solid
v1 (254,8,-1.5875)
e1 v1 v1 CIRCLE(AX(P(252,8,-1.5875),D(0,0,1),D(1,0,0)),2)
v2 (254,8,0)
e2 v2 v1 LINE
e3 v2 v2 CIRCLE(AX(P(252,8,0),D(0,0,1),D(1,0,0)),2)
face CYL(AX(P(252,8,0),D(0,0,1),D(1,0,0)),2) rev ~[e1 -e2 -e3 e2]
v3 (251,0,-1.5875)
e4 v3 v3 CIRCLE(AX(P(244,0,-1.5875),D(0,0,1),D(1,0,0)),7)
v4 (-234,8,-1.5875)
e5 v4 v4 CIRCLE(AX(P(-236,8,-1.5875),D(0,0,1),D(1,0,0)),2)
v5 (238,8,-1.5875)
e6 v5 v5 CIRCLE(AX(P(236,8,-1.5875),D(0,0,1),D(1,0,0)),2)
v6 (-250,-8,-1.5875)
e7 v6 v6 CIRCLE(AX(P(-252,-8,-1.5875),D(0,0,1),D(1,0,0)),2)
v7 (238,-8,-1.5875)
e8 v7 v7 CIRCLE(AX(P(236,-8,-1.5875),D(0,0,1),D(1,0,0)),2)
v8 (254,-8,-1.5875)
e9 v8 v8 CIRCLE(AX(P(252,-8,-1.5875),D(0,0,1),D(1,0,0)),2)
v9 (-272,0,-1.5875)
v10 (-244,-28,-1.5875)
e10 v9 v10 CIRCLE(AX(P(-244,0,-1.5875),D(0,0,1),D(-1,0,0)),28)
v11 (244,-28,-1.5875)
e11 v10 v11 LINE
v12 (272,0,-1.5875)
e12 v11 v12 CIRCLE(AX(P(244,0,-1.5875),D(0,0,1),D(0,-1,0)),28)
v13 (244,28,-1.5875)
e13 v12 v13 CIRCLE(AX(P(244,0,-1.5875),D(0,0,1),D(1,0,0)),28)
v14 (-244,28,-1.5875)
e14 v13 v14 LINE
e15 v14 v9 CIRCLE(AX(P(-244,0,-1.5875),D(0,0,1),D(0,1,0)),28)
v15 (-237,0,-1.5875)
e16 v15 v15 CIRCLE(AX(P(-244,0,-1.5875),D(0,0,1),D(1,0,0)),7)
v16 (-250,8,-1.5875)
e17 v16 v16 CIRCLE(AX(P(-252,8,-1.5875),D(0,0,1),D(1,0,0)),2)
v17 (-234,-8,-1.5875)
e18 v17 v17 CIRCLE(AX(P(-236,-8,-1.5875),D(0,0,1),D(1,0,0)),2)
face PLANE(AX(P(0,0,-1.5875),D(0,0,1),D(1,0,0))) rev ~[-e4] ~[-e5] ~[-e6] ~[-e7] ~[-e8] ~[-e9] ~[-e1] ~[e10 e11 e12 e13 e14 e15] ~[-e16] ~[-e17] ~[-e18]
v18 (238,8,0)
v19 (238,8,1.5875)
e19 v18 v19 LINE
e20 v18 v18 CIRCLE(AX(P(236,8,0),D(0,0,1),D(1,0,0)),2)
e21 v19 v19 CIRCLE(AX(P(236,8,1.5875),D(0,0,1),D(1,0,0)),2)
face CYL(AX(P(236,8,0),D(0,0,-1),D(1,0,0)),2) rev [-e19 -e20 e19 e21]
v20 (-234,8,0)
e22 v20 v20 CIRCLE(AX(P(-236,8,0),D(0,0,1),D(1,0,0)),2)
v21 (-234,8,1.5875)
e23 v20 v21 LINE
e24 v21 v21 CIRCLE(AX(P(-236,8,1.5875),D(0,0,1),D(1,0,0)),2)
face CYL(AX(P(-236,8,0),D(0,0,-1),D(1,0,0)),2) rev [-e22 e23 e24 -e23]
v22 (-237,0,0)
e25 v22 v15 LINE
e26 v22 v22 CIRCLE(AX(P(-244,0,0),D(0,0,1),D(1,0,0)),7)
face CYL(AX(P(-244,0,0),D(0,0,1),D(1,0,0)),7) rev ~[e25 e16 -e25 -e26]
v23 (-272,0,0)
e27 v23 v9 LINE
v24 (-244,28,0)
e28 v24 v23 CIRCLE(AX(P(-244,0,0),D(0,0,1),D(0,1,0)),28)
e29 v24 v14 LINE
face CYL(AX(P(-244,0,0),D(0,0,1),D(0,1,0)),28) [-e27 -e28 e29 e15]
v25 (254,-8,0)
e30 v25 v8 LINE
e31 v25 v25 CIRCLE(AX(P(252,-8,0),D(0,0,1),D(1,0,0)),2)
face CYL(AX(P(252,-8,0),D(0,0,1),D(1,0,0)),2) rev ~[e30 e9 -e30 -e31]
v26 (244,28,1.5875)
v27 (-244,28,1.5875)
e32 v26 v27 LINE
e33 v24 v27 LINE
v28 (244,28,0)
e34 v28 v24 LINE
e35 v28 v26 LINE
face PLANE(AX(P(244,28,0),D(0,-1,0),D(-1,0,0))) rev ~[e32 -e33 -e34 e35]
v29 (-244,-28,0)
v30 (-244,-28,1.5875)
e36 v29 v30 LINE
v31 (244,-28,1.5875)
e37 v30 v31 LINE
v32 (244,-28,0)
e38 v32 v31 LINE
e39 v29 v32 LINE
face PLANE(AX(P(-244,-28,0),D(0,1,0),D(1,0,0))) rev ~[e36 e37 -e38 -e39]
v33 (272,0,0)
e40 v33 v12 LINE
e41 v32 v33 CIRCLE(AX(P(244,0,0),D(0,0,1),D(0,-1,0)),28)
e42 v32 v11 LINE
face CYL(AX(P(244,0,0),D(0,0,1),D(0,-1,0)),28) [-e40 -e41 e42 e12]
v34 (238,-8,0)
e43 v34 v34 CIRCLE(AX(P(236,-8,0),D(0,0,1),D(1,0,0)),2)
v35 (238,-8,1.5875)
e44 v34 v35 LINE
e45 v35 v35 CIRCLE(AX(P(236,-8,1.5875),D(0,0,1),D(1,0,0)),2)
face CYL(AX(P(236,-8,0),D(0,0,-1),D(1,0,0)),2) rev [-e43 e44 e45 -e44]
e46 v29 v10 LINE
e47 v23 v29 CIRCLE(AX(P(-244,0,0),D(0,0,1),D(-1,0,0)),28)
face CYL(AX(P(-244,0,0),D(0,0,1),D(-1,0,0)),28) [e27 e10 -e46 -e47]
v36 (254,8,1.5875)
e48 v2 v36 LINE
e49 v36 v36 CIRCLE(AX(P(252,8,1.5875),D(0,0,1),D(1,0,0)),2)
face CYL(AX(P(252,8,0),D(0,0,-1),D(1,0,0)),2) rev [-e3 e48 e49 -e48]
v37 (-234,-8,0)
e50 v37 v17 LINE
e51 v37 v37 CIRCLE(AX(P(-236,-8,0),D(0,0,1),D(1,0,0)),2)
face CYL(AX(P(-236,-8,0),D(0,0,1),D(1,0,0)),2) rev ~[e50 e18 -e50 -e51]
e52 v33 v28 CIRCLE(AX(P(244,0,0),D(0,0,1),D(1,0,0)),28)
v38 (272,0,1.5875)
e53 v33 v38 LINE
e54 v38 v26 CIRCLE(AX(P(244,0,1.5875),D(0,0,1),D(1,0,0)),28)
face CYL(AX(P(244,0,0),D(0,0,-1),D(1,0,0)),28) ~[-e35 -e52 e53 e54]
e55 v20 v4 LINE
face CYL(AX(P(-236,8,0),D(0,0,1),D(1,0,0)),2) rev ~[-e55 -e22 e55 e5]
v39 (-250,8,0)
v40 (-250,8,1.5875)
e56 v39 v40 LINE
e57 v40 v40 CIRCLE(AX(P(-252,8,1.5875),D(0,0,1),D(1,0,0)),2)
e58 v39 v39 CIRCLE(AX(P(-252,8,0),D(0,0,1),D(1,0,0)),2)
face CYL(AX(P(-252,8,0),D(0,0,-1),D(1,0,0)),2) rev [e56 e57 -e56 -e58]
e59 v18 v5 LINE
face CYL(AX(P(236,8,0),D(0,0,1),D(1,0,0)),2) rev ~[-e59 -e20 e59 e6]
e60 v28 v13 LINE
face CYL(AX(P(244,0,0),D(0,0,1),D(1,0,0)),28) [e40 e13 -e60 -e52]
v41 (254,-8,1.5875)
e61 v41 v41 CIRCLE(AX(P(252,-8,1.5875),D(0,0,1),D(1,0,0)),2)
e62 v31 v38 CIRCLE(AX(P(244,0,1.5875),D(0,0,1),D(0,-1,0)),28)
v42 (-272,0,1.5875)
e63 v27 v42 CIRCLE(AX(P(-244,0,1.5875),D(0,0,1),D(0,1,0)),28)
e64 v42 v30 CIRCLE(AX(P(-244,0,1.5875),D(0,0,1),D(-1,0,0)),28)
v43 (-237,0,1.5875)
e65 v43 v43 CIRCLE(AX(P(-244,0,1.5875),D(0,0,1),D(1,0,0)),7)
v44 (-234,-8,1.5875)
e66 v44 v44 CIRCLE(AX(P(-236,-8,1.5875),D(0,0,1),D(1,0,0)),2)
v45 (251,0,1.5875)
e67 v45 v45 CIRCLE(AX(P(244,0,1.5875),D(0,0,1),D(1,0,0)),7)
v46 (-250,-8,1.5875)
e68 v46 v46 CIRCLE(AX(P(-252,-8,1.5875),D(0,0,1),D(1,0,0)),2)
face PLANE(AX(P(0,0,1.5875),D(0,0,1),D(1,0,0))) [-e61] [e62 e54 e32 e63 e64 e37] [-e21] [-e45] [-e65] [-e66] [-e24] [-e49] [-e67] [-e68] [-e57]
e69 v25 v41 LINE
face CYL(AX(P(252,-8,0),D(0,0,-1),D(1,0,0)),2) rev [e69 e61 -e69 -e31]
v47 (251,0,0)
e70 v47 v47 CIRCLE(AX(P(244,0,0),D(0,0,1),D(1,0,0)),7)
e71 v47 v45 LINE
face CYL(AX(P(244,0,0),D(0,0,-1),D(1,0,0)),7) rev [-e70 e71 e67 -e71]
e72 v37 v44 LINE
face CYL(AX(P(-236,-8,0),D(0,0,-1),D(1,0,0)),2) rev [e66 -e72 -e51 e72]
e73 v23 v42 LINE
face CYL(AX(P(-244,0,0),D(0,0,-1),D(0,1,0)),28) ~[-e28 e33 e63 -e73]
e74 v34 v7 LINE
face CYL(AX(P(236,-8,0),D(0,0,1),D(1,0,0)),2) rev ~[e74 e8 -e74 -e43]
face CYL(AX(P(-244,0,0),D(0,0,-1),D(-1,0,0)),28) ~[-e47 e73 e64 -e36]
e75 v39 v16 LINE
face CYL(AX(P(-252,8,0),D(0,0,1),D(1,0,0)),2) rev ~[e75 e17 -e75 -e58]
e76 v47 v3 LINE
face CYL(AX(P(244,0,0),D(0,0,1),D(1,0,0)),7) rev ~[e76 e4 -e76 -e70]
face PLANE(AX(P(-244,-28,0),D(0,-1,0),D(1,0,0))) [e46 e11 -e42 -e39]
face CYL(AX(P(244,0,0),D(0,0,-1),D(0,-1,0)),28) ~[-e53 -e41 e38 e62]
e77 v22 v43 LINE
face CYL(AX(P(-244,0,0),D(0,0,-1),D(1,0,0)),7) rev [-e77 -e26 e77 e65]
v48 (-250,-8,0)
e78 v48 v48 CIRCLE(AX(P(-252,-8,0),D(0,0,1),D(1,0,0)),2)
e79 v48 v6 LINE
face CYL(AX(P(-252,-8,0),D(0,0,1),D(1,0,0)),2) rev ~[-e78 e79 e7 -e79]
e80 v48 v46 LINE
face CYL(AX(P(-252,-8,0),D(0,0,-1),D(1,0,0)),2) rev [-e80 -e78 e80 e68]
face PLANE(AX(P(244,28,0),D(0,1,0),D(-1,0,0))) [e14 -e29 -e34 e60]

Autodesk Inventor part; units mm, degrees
ref_plane "YZ Plane" through (0, 0, 0) normal (1, 0, 0) x (0, 1, 0)
ref_plane "XZ Plane" through (0, 0, 0) normal (0, 1, 0) x (-1, 0, 0)
ref_plane "XY Plane" through (0, 0, 0) normal (0, 0, 1) x (1, 0, 0)
sketch "Sketch1" plane through (0, 0, 0) normal (0, 0, 1) x (1, 0, 0)
  line L0 (-244, -28) -> (244, -28)
  line L1 (272, 0) -> (272, 0)
  line L2 (244, 28) -> (-244, 28)
  line L3 (-272, 0) -> (-272, 0)
  line L4 (-272, -28) -> (272, 28) construction
  line L5 (272, -28) -> (-272, 28) construction
  arc A0 (272, 0) -> (244, 28) centre (244, 0) ccw
  arc A1 (244, -28) -> (272, 0) centre (244, 0) ccw
  arc A2 (-272, 0) -> (-244, -28) centre (-244, 0) ccw
  arc A3 (-244, 28) -> (-272, 0) centre (-244, 0) ccw
  circle A4 centre (244, 0) radius 7
  circle A5 centre (-244, 0) radius 7
  circle A6 centre (-252, 8) radius 2
  circle A7 centre (-252, -8) radius 2
  circle A8 centre (-236, -8) radius 2
  circle A9 centre (-236, 8) radius 2
  circle A10 centre (252, 8) radius 2
  circle A11 centre (236, 8) radius 2
  circle A12 centre (236, -8) radius 2
  circle A13 centre (252, -8) radius 2
  point P0 (0, 0)
  point P1 (-272, 0)
  dimension "d0" = 544
  dimension "d1" = 56
  dimension "d2" = 28
  dimension "d3" = 28
  dimension "d4" = 28
  dimension "d5" = 14
  dimension "d6" = 14
  dimension "d9" = 4
  dimension "d10" = 8
  dimension "d11" = 8
  dimension "d14" = 360
  dimension "d16" = 4
  dimension "d17" = 8
  dimension "d18" = 8
  dimension "d21" = 360
extrude "Extrusion1" add sketch "Sketch1" along normal mid plane 3.175
equation "\"d2\" = 0.5 * d1"
equation "\"d3\" = d2"
equation "\"d4\" = d2"
properties part number "SecondStageArmBar"
